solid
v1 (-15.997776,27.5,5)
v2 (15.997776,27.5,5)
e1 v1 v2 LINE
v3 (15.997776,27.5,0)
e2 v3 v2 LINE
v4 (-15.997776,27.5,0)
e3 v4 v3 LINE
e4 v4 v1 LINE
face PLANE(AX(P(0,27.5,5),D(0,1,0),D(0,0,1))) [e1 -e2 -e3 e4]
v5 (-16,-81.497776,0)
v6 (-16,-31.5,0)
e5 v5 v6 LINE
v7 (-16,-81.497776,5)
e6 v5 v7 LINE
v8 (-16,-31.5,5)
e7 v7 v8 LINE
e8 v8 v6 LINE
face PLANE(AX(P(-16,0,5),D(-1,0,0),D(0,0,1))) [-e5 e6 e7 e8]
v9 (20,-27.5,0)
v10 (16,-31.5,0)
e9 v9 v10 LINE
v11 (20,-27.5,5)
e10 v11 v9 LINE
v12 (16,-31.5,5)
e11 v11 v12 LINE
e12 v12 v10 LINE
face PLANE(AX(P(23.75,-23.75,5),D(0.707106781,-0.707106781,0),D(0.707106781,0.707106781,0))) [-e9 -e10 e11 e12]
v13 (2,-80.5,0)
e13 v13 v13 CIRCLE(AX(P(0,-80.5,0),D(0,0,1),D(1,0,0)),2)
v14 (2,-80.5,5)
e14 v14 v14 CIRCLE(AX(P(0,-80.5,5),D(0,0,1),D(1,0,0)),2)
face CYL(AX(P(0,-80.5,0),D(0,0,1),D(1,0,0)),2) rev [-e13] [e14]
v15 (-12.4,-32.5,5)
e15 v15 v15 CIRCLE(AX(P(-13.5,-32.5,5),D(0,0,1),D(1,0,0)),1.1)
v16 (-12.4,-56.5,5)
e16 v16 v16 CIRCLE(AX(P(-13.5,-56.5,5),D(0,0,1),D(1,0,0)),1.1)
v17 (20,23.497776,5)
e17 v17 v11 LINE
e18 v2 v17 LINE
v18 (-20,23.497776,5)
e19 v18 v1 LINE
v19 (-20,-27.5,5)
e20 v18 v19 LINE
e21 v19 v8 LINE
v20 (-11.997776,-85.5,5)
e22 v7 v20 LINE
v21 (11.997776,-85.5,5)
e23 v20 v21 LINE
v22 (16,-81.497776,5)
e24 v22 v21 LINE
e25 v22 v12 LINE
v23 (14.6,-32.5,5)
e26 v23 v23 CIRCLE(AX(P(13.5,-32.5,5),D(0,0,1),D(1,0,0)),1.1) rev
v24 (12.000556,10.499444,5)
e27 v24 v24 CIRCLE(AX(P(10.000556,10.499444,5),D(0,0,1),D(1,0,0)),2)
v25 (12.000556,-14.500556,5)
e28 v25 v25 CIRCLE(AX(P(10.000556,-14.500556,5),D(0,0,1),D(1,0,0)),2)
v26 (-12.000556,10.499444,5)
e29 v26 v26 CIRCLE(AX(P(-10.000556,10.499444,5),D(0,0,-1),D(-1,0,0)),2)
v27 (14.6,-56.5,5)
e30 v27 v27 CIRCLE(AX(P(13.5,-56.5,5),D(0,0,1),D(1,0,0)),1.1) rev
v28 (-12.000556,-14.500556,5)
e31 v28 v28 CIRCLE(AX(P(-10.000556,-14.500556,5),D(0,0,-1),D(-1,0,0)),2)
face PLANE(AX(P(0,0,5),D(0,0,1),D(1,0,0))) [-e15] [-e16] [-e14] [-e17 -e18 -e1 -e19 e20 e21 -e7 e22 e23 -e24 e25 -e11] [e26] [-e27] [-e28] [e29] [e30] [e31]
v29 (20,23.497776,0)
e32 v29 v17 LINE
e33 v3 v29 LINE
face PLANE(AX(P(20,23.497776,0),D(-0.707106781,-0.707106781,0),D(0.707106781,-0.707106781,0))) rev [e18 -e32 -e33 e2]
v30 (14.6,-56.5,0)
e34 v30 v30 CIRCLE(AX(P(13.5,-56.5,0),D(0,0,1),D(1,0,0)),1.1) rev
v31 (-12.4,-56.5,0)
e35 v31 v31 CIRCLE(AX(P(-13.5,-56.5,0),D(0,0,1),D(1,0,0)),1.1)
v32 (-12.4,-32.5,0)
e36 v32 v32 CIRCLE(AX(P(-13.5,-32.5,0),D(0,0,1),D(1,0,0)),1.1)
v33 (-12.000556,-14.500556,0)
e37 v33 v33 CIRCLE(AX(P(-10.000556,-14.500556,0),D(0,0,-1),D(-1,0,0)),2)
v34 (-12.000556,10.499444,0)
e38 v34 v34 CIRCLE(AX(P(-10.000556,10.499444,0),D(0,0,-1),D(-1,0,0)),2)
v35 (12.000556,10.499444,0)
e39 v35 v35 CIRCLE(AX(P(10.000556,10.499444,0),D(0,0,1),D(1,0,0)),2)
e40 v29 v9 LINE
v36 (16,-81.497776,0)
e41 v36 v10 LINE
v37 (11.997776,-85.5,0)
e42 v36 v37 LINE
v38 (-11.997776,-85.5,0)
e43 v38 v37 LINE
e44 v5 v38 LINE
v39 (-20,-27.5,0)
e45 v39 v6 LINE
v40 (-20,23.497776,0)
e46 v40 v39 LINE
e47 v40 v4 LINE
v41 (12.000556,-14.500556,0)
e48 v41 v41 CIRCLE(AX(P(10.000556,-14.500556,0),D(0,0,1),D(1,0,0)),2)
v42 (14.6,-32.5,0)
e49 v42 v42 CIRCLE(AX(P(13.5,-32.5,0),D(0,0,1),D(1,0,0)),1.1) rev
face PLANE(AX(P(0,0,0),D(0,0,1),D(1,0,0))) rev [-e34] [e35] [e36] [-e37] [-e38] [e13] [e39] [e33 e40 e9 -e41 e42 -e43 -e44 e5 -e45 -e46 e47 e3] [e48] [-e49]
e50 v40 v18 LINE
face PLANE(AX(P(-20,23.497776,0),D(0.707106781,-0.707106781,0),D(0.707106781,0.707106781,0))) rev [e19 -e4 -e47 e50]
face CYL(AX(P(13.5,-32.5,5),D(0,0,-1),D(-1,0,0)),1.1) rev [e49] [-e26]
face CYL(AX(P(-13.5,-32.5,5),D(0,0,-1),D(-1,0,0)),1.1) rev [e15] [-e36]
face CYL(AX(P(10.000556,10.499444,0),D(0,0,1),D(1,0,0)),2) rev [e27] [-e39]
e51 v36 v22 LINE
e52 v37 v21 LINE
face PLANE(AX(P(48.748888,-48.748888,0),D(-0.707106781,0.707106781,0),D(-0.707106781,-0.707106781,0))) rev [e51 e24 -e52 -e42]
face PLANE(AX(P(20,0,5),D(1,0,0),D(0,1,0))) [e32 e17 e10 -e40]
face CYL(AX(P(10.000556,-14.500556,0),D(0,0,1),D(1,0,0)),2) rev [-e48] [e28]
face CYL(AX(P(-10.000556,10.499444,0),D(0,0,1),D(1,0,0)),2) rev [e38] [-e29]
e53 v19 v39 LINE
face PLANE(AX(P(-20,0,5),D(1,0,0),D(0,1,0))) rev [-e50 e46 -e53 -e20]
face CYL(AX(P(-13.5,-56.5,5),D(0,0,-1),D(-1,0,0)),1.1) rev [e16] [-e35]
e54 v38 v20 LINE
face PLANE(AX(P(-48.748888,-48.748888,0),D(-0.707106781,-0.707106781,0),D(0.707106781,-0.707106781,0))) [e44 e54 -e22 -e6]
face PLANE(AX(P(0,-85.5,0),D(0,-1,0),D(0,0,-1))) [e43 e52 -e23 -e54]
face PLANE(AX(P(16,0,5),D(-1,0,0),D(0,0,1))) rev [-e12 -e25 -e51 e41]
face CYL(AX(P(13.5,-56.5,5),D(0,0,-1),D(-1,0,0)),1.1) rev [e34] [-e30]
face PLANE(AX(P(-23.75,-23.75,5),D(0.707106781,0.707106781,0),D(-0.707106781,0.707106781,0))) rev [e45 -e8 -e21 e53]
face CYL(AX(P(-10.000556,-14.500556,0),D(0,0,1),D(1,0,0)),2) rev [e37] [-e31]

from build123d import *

# Parameters (mm, degrees)
CROQUIS1_R              = 1.1
FORMABASE_DEPTH         = 5
ESQUINAS_DEPTH          = 65.863317831
CROQUIS3_R              = 2
BARRENOSEJEZ_DEPTH      = 65.863317831
SALIENTE_EXTRUIR2_DEPTH = 5
CROQUIS5_R              = 2
CORTAR_EXTRUIR9_DEPTH   = 88.950270039


with BuildPart() as part:
    # Croquis1 → FormaBase (new body)
    with BuildSketch(Plane.XY):
        Polygon((20, 27.5), (-20, 27.5), (-20, -27.5), (-16, -31.5), (-16, -61.5), (16, -61.5), (16, -31.5), (20, -27.5), align=None)
        with Locations((-13.5, -32.5)):
            Circle(CROQUIS1_R, mode=Mode.SUBTRACT)
        with Locations((-13.5, -56.5)):
            Circle(CROQUIS1_R, mode=Mode.SUBTRACT)
        with Locations((13.5, -56.5)):
            Circle(CROQUIS1_R, mode=Mode.SUBTRACT)
        with Locations((13.5, -32.5)):
            Circle(CROQUIS1_R, mode=Mode.SUBTRACT)
    extrude(amount=FORMABASE_DEPTH)

    # Croquis2 → Esquinas (cut, through all)
    with BuildSketch(Plane.XY.offset(5)):
        Polygon((-20, 27.5), (-20, 23.497775618), (-15.997775618, 27.5), align=None)
        Polygon((20, 23.497775618), (15.997775618, 27.5), (20, 27.5), align=None)
    extrude(amount=-ESQUINAS_DEPTH, mode=Mode.SUBTRACT)

    # Croquis3 → BarrenosEjeZ (cut, through all)
    with BuildSketch(Plane.XY.offset(5)):
        with Locations((10.000556095, 10.499443905)):
            Circle(CROQUIS3_R)
        with Locations((10.000556095, -14.500556095)):
            Circle(CROQUIS3_R)
        with Locations(Location((-10.000556095, 10.499443905, 0), (0, 0, 180))):
            Circle(CROQUIS3_R)
        with Locations(Location((-10.000556095, -14.500556095, 0), (0, 0, 180))):
            Circle(CROQUIS3_R)
    extrude(amount=-BARRENOSEJEZ_DEPTH, mode=Mode.SUBTRACT)

    # Croquis4 → Saliente-Extruir2 (add, through all)
    with BuildSketch(Plane.XY.offset(5)):
        Polygon((-16, -61.5), (-16, -81.497775618), (-11.997775618, -85.5), (0, -85.5), (0, -61.5), align=None)
        Polygon((0, -61.5), (0, -85.5), (11.997775618, -85.5), (16, -81.497775618), (16, -61.5), align=None)
    extrude(amount=-SALIENTE_EXTRUIR2_DEPTH)

    # Croquis5 → Cortar-Extruir9 (cut, through all)
    with BuildSketch(Plane.XY.offset(5)):
        with Locations((0, -80.5)):
            Circle(CROQUIS5_R)
    extrude(amount=-CORTAR_EXTRUIR9_DEPTH, mode=Mode.SUBTRACT)


solid = part.part
